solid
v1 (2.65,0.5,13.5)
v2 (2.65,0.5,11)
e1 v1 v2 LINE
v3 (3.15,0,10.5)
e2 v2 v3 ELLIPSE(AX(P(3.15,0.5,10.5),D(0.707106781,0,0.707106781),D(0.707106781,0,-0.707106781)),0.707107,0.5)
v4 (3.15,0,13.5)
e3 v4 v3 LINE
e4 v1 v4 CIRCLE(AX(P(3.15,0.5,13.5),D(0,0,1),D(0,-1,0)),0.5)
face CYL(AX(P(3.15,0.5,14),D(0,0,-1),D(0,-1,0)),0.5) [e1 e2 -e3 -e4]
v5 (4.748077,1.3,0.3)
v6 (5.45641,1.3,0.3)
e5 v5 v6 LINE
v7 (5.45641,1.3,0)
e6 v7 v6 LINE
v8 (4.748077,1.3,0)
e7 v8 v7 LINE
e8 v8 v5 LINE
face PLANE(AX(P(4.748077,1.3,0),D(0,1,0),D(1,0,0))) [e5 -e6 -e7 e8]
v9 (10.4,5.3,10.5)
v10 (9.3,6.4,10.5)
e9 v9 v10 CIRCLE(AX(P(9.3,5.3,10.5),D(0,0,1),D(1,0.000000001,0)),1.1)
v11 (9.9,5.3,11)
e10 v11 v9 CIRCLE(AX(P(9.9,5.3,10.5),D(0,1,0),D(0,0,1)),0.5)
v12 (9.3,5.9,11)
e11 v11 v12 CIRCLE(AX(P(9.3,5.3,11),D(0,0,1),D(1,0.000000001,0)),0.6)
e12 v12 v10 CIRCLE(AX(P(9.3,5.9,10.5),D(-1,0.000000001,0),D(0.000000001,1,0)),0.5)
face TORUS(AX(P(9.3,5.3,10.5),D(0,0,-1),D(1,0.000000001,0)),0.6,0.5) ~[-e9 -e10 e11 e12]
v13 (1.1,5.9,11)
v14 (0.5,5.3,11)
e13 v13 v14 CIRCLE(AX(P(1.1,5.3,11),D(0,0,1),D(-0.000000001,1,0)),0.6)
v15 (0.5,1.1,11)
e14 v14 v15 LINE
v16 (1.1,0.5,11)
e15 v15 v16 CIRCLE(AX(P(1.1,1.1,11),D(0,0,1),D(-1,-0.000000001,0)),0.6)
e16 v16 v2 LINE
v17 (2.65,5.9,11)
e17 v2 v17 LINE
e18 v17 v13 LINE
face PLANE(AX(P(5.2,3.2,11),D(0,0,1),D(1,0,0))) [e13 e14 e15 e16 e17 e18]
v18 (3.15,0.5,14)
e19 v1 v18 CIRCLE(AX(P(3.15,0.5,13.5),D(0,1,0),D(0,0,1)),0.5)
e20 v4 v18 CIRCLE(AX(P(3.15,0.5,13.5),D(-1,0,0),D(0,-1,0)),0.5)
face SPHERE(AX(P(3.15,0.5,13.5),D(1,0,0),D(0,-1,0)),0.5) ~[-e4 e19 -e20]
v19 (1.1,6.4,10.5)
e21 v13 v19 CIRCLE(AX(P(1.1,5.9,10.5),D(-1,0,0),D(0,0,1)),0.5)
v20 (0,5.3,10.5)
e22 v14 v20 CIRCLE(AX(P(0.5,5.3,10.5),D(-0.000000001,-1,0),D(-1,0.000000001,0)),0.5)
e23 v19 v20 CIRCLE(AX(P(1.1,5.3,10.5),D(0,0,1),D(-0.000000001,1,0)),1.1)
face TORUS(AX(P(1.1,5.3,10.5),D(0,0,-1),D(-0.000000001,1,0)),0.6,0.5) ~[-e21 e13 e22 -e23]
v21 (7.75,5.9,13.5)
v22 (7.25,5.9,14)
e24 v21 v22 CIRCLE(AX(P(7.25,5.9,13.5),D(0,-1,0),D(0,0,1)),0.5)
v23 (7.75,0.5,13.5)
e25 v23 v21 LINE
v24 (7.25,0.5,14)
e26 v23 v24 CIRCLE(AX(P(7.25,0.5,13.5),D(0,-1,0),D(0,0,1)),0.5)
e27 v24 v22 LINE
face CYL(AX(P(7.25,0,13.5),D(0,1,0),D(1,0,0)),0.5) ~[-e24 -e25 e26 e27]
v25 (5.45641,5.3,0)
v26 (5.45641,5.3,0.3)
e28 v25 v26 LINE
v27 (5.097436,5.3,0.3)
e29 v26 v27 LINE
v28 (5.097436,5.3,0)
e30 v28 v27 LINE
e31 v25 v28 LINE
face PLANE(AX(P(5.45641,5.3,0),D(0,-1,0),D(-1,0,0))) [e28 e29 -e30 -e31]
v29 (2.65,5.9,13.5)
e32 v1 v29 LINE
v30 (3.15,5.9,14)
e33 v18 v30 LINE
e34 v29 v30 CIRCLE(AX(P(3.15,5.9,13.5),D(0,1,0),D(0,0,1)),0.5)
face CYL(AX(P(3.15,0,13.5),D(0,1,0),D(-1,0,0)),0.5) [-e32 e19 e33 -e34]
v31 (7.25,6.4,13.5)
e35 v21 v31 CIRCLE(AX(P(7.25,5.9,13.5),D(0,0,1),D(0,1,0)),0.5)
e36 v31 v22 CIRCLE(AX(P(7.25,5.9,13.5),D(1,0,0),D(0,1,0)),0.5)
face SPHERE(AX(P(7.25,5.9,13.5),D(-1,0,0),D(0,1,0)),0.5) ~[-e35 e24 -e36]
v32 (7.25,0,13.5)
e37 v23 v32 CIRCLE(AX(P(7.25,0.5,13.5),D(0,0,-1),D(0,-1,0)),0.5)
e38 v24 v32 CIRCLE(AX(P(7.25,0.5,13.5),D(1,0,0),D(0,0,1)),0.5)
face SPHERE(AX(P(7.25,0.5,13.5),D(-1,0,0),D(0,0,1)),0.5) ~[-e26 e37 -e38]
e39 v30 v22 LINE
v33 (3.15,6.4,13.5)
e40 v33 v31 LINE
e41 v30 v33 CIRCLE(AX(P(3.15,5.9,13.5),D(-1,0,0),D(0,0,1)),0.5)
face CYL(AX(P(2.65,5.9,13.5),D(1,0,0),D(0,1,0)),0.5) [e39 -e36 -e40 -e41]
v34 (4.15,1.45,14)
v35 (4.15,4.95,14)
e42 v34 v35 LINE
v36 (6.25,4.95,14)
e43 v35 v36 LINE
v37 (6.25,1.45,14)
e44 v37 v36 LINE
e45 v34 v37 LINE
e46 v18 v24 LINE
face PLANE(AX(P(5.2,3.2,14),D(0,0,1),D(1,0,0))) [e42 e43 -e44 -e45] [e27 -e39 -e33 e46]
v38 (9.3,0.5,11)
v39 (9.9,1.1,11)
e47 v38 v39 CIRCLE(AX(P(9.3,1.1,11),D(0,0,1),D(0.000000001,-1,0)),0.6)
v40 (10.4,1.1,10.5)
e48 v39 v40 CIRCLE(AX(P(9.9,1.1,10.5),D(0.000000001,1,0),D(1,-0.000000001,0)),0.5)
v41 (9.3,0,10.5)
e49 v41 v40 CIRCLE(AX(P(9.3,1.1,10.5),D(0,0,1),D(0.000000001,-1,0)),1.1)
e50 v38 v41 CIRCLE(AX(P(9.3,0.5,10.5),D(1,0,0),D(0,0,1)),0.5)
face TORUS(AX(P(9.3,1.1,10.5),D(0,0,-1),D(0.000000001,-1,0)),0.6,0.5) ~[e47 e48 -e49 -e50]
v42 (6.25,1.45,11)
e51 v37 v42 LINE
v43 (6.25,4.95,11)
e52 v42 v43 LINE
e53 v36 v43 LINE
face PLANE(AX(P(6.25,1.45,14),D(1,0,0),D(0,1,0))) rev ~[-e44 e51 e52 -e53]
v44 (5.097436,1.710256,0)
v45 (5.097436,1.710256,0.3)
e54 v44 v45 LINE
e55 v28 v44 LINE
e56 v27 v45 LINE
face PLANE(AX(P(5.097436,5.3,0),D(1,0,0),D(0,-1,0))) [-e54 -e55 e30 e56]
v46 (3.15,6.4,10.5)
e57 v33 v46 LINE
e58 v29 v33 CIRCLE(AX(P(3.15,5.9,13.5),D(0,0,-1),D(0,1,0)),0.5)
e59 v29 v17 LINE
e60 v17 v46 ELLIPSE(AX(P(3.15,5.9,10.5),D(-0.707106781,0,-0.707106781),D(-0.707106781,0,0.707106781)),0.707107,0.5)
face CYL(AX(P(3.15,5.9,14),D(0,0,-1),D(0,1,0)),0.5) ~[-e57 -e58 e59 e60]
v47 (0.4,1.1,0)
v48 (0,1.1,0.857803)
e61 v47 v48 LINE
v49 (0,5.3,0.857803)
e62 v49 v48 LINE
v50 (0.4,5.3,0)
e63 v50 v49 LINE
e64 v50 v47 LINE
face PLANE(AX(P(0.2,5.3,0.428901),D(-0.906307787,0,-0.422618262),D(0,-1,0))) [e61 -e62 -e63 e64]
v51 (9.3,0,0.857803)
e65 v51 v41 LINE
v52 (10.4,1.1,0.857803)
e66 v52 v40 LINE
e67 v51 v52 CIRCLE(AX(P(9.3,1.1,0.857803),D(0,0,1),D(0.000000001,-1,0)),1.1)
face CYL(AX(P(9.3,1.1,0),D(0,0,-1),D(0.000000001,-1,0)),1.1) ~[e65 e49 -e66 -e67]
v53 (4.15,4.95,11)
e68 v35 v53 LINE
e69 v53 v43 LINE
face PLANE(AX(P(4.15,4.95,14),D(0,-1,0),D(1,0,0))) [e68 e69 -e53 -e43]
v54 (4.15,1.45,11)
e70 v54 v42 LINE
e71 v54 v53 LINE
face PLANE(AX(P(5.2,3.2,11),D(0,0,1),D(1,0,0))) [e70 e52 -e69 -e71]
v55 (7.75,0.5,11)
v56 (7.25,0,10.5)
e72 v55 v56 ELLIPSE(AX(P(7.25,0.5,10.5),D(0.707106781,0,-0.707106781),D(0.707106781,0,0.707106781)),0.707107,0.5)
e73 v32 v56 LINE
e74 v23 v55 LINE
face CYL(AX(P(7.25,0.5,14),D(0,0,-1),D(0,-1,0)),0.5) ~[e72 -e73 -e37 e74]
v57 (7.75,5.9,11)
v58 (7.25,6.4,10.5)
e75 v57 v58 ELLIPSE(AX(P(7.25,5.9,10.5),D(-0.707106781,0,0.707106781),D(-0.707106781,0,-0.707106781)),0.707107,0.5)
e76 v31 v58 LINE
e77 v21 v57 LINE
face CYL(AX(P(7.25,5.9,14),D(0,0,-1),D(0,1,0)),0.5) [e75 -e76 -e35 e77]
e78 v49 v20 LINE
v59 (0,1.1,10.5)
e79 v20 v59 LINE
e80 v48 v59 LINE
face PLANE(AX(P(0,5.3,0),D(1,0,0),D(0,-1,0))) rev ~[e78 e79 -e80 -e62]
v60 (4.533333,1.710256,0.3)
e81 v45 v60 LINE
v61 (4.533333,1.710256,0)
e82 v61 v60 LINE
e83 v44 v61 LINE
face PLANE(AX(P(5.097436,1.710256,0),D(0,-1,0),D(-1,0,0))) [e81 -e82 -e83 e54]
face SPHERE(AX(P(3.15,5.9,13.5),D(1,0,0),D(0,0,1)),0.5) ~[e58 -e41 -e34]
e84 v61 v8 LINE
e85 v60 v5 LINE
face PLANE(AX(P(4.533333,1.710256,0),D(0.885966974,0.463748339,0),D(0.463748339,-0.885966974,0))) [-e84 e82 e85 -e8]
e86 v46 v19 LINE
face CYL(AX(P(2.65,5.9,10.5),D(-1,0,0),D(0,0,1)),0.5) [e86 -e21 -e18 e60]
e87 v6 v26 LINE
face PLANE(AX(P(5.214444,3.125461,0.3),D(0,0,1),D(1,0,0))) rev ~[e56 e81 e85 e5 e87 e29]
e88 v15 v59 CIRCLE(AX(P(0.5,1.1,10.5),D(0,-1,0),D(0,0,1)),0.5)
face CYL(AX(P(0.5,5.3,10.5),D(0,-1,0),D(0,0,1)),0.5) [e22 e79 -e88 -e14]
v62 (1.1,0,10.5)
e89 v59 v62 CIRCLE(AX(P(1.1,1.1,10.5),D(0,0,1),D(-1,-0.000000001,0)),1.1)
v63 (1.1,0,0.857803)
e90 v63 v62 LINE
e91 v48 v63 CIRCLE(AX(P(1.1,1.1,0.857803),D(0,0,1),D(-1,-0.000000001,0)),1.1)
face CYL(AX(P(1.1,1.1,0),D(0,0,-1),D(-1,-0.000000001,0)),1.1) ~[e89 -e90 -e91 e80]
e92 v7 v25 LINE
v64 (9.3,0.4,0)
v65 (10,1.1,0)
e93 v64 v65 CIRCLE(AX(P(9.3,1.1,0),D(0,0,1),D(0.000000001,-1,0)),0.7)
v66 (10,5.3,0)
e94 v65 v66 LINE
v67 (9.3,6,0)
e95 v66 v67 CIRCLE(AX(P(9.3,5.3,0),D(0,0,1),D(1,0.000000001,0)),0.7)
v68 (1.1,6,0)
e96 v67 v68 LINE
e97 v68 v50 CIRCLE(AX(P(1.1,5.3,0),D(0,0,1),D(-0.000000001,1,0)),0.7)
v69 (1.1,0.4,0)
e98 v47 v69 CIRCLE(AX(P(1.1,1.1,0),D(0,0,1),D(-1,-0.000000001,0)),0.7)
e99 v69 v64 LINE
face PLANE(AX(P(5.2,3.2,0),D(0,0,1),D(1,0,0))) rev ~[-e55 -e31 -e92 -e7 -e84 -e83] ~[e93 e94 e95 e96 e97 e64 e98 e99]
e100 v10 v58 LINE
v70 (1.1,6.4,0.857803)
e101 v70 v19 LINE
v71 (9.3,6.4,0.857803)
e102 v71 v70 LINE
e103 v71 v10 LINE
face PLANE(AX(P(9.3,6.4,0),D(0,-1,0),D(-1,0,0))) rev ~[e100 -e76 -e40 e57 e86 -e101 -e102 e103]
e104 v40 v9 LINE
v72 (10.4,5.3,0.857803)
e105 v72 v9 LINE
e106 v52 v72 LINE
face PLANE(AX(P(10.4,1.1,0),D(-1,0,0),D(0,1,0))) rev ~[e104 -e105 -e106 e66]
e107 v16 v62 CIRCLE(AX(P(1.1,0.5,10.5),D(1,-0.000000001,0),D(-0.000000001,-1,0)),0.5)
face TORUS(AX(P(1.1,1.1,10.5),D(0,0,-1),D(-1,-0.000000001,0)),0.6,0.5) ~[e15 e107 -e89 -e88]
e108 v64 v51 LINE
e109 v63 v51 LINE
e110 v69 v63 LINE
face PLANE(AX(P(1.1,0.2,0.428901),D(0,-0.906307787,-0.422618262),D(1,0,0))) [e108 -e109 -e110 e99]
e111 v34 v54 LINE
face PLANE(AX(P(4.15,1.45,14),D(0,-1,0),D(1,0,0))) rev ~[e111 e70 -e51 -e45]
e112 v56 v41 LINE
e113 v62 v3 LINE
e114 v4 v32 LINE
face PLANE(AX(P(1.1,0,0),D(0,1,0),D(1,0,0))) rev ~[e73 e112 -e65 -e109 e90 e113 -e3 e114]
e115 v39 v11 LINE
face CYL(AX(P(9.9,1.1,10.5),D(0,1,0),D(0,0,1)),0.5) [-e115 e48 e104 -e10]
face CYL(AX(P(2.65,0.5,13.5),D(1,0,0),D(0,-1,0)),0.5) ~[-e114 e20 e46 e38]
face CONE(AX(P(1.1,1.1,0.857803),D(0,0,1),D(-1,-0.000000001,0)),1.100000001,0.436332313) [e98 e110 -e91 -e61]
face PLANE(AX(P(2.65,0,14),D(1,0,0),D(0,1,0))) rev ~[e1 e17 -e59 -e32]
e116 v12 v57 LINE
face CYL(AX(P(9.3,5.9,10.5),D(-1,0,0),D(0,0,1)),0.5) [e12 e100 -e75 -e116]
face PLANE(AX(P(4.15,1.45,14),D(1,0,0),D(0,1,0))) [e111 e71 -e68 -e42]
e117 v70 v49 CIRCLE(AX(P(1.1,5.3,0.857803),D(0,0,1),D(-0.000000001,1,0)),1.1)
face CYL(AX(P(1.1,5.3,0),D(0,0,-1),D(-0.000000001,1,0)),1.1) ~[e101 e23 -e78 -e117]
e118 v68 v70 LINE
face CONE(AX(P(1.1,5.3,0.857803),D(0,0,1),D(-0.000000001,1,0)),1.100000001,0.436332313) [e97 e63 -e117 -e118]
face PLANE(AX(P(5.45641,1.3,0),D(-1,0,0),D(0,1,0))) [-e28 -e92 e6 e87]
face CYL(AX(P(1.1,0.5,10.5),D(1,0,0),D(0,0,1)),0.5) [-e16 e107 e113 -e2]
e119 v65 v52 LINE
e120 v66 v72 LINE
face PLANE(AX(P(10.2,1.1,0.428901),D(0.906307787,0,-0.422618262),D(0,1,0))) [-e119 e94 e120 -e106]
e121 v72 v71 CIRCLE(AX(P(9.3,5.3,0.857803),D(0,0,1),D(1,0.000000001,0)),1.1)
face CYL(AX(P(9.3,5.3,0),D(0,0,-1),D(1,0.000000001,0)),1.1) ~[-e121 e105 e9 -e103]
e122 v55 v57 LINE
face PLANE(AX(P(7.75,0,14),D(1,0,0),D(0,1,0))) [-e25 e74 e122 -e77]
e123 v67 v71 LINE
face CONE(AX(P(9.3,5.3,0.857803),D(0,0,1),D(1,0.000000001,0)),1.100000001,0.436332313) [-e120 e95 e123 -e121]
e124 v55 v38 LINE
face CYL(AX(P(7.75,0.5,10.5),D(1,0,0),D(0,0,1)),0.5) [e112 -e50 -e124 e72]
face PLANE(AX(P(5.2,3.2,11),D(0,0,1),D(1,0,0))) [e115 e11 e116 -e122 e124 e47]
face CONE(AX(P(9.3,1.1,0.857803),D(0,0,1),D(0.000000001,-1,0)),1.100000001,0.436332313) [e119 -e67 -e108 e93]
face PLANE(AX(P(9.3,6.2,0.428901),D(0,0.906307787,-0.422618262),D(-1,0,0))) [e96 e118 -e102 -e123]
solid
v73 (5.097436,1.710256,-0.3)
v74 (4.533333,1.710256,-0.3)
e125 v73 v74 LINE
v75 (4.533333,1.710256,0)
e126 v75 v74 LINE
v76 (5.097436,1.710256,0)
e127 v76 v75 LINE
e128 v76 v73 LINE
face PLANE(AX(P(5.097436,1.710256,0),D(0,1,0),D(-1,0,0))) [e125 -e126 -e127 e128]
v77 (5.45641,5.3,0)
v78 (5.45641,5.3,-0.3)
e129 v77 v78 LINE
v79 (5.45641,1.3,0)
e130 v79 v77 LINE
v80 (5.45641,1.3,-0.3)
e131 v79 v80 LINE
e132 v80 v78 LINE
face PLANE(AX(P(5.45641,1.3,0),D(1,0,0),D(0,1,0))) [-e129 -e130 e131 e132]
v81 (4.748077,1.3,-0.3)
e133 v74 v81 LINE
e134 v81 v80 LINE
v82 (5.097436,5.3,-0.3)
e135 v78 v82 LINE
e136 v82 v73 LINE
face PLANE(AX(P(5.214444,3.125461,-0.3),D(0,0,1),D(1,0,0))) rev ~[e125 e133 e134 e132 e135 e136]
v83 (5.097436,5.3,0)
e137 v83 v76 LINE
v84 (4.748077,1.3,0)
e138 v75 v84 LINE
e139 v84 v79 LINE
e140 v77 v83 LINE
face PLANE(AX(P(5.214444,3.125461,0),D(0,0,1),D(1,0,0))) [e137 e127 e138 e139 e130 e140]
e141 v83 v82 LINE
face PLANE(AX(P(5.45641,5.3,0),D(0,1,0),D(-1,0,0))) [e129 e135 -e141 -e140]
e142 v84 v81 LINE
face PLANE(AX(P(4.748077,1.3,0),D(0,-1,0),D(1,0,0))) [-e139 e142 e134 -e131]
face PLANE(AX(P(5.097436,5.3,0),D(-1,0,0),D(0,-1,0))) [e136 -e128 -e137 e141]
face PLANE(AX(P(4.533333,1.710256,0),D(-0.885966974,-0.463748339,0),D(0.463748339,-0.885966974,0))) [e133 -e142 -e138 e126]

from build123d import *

# Parameters (mm, degrees)
BOSS_EXTRU_1_DEPTH      = 14
ESQUISSE3_W             = 2.1
ESQUISSE3_H             = 3.5
ENL_V_MAT_EXTRU_1_DEPTH = 3
ESQUISSE4_OUTSIDE_W     = 16.116
ESQUISSE4_OUTSIDE_H     = 12.116
ESQUISSE4_OUTSIDE_W_2   = 5.1
ESQUISSE4_OUTSIDE_H_2   = 6.4
ENL_V_MAT_EXTRU_2_DEPTH = 3
CONG_1_R                = 0.5
CHANFREIN1_SIZE         = 0.4
CHANFREIN1_SIZE2        = 0.857802768
ENL_V_MAT_EXTRU_3_DEPTH = 0.3
BOSS_EXTRU_2_DEPTH      = 0.3


with BuildPart() as part:
    # Esquisse2 → Boss.-Extru.1 (new body)
    with BuildSketch(Plane.XY):
        with BuildLine():
            Line((1.1, 0), (9.3, 0))
            ThreePointArc((9.3, 0), (10.077817459, 0.322182541), (10.4, 1.1))
            Line((10.4, 1.1), (10.4, 5.3))
            ThreePointArc((10.4, 5.3), (10.077817459, 6.077817459), (9.3, 6.4))
            Line((9.3, 6.4), (1.1, 6.4))
            ThreePointArc((1.1, 6.4), (0.322182541, 6.077817459), (0, 5.3))
            Line((0, 5.3), (0, 1.1))
            ThreePointArc((0, 1.1), (0.322182541, 0.322182541), (1.1, 0))
        make_face()
    extrude(amount=BOSS_EXTRU_1_DEPTH)

    # Esquisse3 → Enlèv. mat.-Extru.1 (cut)
    with BuildSketch(Plane.XY.offset(14)):
        with Locations((5.2, 3.2)):
            Rectangle(ESQUISSE3_W, ESQUISSE3_H)
    extrude(amount=-ENL_V_MAT_EXTRU_1_DEPTH, mode=Mode.SUBTRACT)

    # Esquisse4 outside → Enlèv. mat.-Extru.2 (cut)
    with BuildSketch(Plane.XY.offset(14)):
        with Locations((5.2, 3.2)):
            Rectangle(ESQUISSE4_OUTSIDE_W, ESQUISSE4_OUTSIDE_H)
        with Locations((5.2, 3.2)):
            Rectangle(ESQUISSE4_OUTSIDE_W_2, ESQUISSE4_OUTSIDE_H_2, mode=Mode.SUBTRACT)
    extrude(amount=-ENL_V_MAT_EXTRU_2_DEPTH, mode=Mode.SUBTRACT)

    # Congé1
    cong_1_edges = [part.edges().sort_by_distance(p)[0] for p in [
        (5.2, 6.4, 14),
        (5.2, 0, 14),
        (10.4, 3.2, 11),
        (1.875, 6.4, 11),
        (0.322182541, 6.077817459, 11),
        (0, 3.2, 11),
        (0.322182541, 0.322182541, 11),
        (1.875, 0, 11),
        (8.525, 0, 11),
        (10.077817459, 0.322182541, 11),
        (10.077817459, 6.077817459, 11),
        (8.525, 6.4, 11),
        (7.75, 6.4, 12.5),
        (7.75, 3.2, 14),
        (7.75, 0, 12.5),
        (2.65, 0, 12.5),
        (2.65, 3.2, 14),
        (2.65, 6.4, 12.5),
    ]]
    fillet(cong_1_edges, radius=CONG_1_R)

    # Chanfrein1
    chanfrein1_edges = [part.edges().sort_by_distance(p)[0] for p in [
        (5.2, 6.4, 0),
        (10.077817459, 6.077817459, 0),
        (10.4, 3.2, 0),
        (10.077817459, 0.322182541, 0),
        (5.2, 0, 0),
        (0.322182541, 0.322182541, 0),
        (0, 3.2, 0),
        (0.322182541, 6.077817459, 0),
    ]]
    chanfrein1_side = [part.faces().sort_by_distance(p)[0] for p in [
        (5.2, 3.2, 0),
    ]]
    chamfer(chanfrein1_edges, length=CHANFREIN1_SIZE, length2=CHANFREIN1_SIZE2, reference=chanfrein1_side[0])

    # Esquisse5 → Enlèv. mat.-Extru.3 (cut)
    with BuildSketch(Plane(origin=(0, 0, 0), x_dir=(-1, 0, 0), z_dir=(0, 0, -1))):
        Polygon((-4.748076923, 1.3), (-5.456410256, 1.3), (-5.456410256, 5.3), (-5.097435897, 5.3), (-5.097435897, 1.71025641), (-4.533333333, 1.71025641), align=None)
    extrude(amount=-ENL_V_MAT_EXTRU_3_DEPTH, mode=Mode.SUBTRACT)


with BuildPart() as body_2:
    # Esquisse5<2> → Boss.-Extru.2 (new body)
    with BuildSketch(Plane(origin=(0, 0, 0), x_dir=(-1, 0, 0), z_dir=(0, 0, -1))):
        Polygon((-4.748076923, 1.3), (-5.456410256, 1.3), (-5.456410256, 5.3), (-5.097435897, 5.3), (-5.097435897, 1.71025641), (-4.533333333, 1.71025641), align=None)
    extrude(amount=BOSS_EXTRU_2_DEPTH)


solid = Compound([part.part, body_2.part])
